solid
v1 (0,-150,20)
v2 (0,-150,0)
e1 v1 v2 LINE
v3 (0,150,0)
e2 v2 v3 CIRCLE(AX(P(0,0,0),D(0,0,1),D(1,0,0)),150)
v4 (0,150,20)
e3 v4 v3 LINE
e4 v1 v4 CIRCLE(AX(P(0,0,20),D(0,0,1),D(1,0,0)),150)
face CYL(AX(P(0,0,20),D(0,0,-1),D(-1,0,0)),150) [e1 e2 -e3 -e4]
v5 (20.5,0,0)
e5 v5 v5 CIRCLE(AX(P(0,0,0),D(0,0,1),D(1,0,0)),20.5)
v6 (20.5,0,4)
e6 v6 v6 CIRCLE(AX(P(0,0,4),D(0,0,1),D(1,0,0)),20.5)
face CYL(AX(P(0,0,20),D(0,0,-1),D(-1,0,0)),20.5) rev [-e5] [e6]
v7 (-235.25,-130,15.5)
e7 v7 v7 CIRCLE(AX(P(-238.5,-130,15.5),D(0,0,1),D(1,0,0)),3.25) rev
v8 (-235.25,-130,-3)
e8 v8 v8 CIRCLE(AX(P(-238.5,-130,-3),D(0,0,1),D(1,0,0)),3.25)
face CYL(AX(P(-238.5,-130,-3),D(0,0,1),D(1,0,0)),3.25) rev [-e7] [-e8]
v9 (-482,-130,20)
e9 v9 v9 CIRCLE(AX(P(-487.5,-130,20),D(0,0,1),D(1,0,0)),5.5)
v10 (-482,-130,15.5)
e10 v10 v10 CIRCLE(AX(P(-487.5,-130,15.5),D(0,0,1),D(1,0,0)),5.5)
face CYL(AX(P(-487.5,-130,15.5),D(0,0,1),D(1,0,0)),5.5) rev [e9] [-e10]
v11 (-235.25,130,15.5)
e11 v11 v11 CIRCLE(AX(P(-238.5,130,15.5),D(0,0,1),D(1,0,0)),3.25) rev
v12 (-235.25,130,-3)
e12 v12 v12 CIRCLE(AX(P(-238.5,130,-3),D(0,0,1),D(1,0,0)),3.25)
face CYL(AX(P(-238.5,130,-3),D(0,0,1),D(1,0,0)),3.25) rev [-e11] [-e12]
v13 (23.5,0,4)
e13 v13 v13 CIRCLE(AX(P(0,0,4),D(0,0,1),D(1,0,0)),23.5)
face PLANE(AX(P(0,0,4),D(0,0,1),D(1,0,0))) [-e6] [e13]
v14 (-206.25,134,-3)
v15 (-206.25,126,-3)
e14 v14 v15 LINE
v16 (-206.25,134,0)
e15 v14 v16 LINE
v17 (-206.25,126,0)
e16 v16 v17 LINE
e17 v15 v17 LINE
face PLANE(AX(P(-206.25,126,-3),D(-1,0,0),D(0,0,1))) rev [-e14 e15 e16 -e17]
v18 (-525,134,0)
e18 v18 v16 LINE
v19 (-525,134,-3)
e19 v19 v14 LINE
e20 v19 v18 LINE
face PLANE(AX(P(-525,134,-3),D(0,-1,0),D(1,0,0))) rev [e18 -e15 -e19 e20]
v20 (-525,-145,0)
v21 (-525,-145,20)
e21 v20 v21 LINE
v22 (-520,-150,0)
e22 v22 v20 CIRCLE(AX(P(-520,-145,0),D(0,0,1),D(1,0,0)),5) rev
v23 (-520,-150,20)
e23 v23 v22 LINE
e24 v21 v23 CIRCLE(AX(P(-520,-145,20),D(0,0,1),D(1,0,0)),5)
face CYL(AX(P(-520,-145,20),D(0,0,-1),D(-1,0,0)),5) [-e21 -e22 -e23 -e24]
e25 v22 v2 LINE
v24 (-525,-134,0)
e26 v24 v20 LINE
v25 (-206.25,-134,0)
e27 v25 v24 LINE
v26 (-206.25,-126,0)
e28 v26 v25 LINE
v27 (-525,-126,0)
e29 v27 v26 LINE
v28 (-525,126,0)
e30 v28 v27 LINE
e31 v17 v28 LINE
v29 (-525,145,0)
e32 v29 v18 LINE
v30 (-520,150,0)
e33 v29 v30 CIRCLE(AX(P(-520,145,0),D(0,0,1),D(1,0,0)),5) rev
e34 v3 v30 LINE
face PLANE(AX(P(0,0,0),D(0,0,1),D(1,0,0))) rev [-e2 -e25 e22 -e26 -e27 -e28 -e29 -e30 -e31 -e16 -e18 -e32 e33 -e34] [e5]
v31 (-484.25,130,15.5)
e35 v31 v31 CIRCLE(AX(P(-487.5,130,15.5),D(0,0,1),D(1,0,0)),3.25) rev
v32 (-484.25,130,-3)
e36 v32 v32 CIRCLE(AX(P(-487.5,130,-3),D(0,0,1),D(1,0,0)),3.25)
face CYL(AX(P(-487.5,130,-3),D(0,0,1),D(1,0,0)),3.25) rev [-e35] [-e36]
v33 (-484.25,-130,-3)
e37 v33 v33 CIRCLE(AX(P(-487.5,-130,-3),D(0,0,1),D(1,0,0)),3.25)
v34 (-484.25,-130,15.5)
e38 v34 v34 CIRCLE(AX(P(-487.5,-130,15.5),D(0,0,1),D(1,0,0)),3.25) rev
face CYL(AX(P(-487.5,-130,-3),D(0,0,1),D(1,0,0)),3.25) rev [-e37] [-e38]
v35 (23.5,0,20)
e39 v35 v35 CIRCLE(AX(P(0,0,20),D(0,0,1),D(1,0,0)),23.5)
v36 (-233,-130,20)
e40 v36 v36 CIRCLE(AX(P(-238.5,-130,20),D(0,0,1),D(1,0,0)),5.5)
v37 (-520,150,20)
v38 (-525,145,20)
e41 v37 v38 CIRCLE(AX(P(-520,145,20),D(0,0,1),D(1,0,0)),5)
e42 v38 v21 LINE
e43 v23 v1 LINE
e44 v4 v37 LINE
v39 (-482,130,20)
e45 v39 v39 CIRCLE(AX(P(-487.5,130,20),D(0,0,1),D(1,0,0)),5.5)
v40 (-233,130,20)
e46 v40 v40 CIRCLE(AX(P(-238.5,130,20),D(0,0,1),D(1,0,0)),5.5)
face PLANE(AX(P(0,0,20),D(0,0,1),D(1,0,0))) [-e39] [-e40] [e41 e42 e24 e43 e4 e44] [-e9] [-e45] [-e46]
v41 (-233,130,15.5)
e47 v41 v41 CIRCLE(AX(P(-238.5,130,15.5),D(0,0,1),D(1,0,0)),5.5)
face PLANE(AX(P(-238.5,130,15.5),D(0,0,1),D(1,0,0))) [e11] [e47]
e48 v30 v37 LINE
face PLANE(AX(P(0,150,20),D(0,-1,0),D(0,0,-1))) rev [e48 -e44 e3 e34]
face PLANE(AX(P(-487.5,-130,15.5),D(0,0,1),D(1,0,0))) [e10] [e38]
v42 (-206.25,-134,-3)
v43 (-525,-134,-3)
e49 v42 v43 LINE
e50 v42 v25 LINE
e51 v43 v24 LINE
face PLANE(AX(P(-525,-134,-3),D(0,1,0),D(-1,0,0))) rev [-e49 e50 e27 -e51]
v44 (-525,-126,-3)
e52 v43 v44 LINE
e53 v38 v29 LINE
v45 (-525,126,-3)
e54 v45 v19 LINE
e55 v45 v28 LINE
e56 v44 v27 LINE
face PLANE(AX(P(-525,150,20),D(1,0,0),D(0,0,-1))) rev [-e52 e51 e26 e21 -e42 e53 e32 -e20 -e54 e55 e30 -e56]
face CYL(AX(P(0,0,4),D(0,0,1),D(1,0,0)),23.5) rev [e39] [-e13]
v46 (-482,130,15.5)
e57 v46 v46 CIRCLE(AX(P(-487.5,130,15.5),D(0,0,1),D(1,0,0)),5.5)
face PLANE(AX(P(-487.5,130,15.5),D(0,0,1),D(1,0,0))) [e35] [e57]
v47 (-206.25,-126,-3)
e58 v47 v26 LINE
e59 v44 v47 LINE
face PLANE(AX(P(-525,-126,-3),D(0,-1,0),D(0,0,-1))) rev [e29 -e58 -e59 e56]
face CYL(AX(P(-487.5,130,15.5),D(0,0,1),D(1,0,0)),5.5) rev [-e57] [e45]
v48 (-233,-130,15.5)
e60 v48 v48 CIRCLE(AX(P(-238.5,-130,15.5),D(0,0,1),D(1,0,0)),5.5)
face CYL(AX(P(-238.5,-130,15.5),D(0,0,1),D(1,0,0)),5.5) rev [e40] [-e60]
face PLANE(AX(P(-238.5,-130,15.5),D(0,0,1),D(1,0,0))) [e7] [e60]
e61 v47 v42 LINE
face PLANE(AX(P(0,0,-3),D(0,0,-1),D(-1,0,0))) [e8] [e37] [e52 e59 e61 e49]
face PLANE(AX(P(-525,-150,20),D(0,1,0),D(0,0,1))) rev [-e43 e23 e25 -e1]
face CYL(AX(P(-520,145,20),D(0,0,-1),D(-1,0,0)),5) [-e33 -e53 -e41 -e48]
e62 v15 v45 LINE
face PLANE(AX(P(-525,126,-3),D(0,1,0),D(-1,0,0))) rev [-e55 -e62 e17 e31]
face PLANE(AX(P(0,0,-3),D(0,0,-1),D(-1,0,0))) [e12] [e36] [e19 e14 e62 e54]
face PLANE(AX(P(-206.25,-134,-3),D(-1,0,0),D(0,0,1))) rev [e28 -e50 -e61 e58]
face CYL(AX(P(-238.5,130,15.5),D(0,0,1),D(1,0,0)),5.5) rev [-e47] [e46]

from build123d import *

# Parameters (mm, degrees)
SKETCH1_R           = 20.5
BOSS_EXTRUDE1_DEPTH = 20
SKETCH2_R           = 23.5
CUT_EXTRUDE1_DEPTH  = 16
SKETCH4_W           = 318.75
SKETCH4_H           = 8
BOSS_EXTRUDE2_DEPTH = 3
SKETCH3_R           = 3.25
CUT_EXTRUDE2_DEPTH  = 547.492451915
SKETCH5_R           = 5.5
CUT_EXTRUDE3_DEPTH  = 4.5
FILLET1_R           = 5


with BuildPart() as part:
    # Sketch1 → Boss-Extrude1 (new body)
    with BuildSketch(Plane.XY):
        with BuildLine():
            Line((0, 150), (-525, 150))
            Line((-525, 150), (-525, -150))
            Line((-525, -150), (0, -150))
            ThreePointArc((0, -150), (150, 0), (0, 150))
        make_face()
        Circle(SKETCH1_R, mode=Mode.SUBTRACT)
    extrude(amount=BOSS_EXTRUDE1_DEPTH)

    # Sketch2 → Cut-Extrude1 (cut)
    with BuildSketch(Plane.XY.offset(20)):
        Circle(SKETCH2_R)
    extrude(amount=-CUT_EXTRUDE1_DEPTH, mode=Mode.SUBTRACT)

    # Sketch4 → Boss-Extrude2 (add)
    with BuildSketch(Plane(origin=(0, 0, 0), x_dir=(-1, 0, 0), z_dir=(0, 0, -1))):
        with Locations((365.625, -130)):
            Rectangle(SKETCH4_W, SKETCH4_H)
        with Locations((365.625, 130)):
            Rectangle(SKETCH4_W, SKETCH4_H)
    extrude(amount=BOSS_EXTRUDE2_DEPTH)

    # Sketch3 → Cut-Extrude2 (cut, through all)
    with BuildSketch(Plane.XY.offset(20)):
        with Locations((-238.5, 130)):
            Circle(SKETCH3_R)
        with Locations((-487.5, 130)):
            Circle(SKETCH3_R)
        with Locations((-487.5, -130)):
            Circle(SKETCH3_R)
        with Locations((-238.5, -130)):
            Circle(SKETCH3_R)
    extrude(amount=-CUT_EXTRUDE2_DEPTH, mode=Mode.SUBTRACT)

    # Sketch5 → Cut-Extrude3 (cut)
    with BuildSketch(Plane.XY.offset(20)):
        with Locations((-487.5, 130)):
            Circle(SKETCH5_R)
        with Locations((-238.5, 130)):
            Circle(SKETCH5_R)
        with Locations((-238.5, -130)):
            Circle(SKETCH5_R)
        with Locations((-487.5, -130)):
            Circle(SKETCH5_R)
    extrude(amount=-CUT_EXTRUDE3_DEPTH, mode=Mode.SUBTRACT)

    # Fillet1
    fillet1_edges = [part.edges().sort_by_distance(p)[0] for p in [
        (-525, -150, 10),
        (-525, 150, 10),
    ]]
    fillet(fillet1_edges, radius=FILLET1_R)


solid = part.part
